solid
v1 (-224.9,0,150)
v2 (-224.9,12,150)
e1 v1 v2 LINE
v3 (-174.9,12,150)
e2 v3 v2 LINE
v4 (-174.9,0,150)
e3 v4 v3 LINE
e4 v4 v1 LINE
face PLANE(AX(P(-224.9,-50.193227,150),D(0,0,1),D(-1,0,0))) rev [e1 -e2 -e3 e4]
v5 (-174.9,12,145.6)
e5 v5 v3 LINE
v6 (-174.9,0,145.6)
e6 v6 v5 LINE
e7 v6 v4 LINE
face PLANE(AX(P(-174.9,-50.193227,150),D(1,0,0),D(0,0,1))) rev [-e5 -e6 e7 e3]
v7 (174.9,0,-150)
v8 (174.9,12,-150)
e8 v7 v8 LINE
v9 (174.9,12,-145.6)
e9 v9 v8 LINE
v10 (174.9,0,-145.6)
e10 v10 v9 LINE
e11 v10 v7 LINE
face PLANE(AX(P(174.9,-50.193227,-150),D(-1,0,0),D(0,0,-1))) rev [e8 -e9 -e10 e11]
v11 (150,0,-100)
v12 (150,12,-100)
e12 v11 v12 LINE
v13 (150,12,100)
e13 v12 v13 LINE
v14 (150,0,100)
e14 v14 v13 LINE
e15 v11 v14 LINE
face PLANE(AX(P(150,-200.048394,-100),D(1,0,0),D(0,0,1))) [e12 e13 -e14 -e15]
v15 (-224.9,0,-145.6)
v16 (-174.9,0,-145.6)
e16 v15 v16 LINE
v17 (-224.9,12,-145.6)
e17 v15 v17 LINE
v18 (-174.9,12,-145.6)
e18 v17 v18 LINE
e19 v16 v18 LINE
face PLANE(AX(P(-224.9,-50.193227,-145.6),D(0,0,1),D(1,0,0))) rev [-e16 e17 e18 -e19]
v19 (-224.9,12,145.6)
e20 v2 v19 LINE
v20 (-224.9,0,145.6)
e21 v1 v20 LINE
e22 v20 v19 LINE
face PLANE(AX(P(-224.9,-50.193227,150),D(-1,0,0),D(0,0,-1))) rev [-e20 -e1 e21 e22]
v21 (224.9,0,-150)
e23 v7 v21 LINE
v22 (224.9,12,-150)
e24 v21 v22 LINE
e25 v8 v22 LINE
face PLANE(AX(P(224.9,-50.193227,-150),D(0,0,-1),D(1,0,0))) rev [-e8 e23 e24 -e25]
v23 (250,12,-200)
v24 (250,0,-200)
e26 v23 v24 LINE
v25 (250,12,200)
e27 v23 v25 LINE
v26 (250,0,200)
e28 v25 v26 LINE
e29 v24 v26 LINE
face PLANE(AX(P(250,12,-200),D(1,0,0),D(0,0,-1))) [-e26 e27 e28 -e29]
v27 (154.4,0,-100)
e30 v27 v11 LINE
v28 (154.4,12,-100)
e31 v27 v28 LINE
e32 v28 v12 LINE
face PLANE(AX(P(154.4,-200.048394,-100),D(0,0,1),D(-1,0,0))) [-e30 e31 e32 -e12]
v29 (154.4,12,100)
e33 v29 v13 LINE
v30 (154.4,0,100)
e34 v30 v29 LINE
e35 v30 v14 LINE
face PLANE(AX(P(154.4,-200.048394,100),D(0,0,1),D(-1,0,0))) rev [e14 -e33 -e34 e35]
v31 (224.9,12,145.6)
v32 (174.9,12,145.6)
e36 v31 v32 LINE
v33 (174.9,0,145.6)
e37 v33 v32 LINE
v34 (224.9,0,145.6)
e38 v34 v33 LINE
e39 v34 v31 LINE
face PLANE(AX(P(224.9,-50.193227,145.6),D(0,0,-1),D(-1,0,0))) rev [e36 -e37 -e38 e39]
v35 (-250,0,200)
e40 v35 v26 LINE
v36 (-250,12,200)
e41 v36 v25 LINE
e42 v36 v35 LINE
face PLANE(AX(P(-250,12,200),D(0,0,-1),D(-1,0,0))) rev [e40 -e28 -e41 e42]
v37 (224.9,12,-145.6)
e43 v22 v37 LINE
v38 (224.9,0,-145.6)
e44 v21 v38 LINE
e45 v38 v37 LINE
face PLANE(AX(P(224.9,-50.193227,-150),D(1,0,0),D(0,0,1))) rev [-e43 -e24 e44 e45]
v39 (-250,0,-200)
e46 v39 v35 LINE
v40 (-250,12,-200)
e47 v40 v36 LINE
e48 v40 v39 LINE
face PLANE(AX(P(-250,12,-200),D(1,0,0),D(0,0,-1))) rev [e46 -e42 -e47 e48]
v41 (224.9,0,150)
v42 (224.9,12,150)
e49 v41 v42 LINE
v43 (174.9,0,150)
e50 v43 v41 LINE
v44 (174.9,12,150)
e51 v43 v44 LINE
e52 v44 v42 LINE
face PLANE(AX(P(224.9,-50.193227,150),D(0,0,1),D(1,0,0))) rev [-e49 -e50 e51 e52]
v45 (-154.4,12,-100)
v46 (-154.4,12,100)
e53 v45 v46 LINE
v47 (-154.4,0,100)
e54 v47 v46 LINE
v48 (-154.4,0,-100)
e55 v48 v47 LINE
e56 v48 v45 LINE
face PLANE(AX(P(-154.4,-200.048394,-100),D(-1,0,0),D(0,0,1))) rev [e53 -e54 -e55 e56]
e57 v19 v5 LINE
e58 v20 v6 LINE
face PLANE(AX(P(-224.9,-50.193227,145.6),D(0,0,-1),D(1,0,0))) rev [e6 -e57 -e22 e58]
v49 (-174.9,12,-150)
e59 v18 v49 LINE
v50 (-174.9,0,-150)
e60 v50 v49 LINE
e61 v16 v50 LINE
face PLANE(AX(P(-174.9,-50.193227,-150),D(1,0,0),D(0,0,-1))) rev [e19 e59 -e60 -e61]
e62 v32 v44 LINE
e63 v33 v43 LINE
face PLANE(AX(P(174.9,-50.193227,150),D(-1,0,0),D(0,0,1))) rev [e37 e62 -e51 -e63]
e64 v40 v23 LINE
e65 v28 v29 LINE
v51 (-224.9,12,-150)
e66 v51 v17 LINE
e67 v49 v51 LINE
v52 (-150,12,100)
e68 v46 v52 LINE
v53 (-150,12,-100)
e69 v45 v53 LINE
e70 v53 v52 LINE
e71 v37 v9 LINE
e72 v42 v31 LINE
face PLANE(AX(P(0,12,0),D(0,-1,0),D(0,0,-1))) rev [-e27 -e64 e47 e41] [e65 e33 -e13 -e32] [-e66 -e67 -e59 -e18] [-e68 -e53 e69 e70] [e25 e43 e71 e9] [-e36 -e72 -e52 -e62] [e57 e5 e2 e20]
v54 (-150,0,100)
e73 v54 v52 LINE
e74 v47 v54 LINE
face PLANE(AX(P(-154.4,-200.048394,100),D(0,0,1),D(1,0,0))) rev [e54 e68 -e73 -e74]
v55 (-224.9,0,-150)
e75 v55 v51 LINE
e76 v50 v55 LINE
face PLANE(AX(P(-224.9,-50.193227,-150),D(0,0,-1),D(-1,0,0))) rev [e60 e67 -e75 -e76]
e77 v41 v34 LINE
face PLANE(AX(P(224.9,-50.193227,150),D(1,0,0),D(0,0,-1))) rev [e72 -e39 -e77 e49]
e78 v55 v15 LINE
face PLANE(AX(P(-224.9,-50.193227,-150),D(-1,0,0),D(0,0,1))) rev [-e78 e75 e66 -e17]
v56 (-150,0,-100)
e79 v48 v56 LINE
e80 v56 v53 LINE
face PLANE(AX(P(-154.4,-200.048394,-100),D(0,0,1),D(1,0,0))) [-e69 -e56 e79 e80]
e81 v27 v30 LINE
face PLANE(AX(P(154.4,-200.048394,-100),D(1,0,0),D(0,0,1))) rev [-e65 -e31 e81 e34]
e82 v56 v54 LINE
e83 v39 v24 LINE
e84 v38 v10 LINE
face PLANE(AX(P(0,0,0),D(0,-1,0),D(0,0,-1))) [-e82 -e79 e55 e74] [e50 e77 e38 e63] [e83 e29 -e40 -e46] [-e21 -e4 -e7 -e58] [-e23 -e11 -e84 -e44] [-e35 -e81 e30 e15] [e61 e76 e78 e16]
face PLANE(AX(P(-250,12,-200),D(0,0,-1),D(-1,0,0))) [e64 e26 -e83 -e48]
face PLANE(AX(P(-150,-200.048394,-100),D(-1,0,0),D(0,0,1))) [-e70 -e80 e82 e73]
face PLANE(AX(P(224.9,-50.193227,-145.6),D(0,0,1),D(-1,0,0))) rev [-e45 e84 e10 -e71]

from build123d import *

# Parameters (mm, degrees)
SKETCH1_W                                  = 500
SKETCH1_H                                  = 400
BOSS_EXTRUDE1_DEPTH                        = 12
SKETCH2_W                                  = 4.4
SKETCH2_H                                  = 200
CUT_EXTRUDE1_DEPTH                         = 12
SKETCH5_W                                  = 50
SKETCH5_H                                  = 4.4
CUT_EXTRUDE2_DEPTH                         = 12
MIRROR5_AT_THE_SECOND_PLANE_COPY_1_SKETC_W = 50
MIRROR5_AT_THE_SECOND_PLANE_COPY_1_SKETC_H = 4.4
MIRROR5_AT_THE_SECOND_PLANE_COPY_1_DEPTH   = 12


with BuildPart() as part:
    # Sketch1 → Boss-Extrude1 (new body)
    with BuildSketch(Plane(origin=(0, 0, 0), x_dir=(1, 0, 0), z_dir=(0, 1, 0))):
        Rectangle(SKETCH1_W, SKETCH1_H)
    extrude(amount=BOSS_EXTRUDE1_DEPTH)

    # Sketch2 → Cut-Extrude1 (cut)
    with BuildSketch(Plane(origin=(0, 12, 0), x_dir=(1, 0, 0), z_dir=(0, 1, 0))):
        with Locations((-152.2, 0)):
            Rectangle(SKETCH2_W, SKETCH2_H)
    cut_extrude1 = extrude(amount=-CUT_EXTRUDE1_DEPTH, mode=Mode.SUBTRACT)

    # Mirror2: Cut-Extrude1 across plane
    add(cut_extrude1.mirror(Plane(origin=(0, 0, 0), x_dir=(0, 0, 1), z_dir=(1, 0, 0))), mode=Mode.SUBTRACT)

    # Sketch5 → Cut-Extrude2 (cut)
    with BuildSketch(Plane(origin=(0, 12, 0), x_dir=(1, 0, 0), z_dir=(0, 1, 0))):
        with Locations((-199.9, 147.8)):
            Rectangle(SKETCH5_W, SKETCH5_H)
    cut_extrude2 = extrude(amount=-CUT_EXTRUDE2_DEPTH, mode=Mode.SUBTRACT)

    # Mirror5: Cut-Extrude2 across plane
    add(cut_extrude2.mirror(Plane.XY), mode=Mode.SUBTRACT)

    # Mirror5 at the second plane: Cut-Extrude2 across plane
    add(cut_extrude2.mirror(Plane(origin=(0, 0, 0), x_dir=(0, 0, 1), z_dir=(1, 0, 0))), mode=Mode.SUBTRACT)

    # Mirror5 at the second plane copy 1 sketc → Mirror5 at the second plane copy 1 (cut)
    with BuildSketch(Plane(origin=(0, 12, 0), x_dir=(-1, 0, 0), z_dir=(0, 1, 0))):
        with Locations((-199.9, 147.8)):
            Rectangle(MIRROR5_AT_THE_SECOND_PLANE_COPY_1_SKETC_W, MIRROR5_AT_THE_SECOND_PLANE_COPY_1_SKETC_H)
    extrude(amount=-MIRROR5_AT_THE_SECOND_PLANE_COPY_1_DEPTH, mode=Mode.SUBTRACT)


solid = part.part
